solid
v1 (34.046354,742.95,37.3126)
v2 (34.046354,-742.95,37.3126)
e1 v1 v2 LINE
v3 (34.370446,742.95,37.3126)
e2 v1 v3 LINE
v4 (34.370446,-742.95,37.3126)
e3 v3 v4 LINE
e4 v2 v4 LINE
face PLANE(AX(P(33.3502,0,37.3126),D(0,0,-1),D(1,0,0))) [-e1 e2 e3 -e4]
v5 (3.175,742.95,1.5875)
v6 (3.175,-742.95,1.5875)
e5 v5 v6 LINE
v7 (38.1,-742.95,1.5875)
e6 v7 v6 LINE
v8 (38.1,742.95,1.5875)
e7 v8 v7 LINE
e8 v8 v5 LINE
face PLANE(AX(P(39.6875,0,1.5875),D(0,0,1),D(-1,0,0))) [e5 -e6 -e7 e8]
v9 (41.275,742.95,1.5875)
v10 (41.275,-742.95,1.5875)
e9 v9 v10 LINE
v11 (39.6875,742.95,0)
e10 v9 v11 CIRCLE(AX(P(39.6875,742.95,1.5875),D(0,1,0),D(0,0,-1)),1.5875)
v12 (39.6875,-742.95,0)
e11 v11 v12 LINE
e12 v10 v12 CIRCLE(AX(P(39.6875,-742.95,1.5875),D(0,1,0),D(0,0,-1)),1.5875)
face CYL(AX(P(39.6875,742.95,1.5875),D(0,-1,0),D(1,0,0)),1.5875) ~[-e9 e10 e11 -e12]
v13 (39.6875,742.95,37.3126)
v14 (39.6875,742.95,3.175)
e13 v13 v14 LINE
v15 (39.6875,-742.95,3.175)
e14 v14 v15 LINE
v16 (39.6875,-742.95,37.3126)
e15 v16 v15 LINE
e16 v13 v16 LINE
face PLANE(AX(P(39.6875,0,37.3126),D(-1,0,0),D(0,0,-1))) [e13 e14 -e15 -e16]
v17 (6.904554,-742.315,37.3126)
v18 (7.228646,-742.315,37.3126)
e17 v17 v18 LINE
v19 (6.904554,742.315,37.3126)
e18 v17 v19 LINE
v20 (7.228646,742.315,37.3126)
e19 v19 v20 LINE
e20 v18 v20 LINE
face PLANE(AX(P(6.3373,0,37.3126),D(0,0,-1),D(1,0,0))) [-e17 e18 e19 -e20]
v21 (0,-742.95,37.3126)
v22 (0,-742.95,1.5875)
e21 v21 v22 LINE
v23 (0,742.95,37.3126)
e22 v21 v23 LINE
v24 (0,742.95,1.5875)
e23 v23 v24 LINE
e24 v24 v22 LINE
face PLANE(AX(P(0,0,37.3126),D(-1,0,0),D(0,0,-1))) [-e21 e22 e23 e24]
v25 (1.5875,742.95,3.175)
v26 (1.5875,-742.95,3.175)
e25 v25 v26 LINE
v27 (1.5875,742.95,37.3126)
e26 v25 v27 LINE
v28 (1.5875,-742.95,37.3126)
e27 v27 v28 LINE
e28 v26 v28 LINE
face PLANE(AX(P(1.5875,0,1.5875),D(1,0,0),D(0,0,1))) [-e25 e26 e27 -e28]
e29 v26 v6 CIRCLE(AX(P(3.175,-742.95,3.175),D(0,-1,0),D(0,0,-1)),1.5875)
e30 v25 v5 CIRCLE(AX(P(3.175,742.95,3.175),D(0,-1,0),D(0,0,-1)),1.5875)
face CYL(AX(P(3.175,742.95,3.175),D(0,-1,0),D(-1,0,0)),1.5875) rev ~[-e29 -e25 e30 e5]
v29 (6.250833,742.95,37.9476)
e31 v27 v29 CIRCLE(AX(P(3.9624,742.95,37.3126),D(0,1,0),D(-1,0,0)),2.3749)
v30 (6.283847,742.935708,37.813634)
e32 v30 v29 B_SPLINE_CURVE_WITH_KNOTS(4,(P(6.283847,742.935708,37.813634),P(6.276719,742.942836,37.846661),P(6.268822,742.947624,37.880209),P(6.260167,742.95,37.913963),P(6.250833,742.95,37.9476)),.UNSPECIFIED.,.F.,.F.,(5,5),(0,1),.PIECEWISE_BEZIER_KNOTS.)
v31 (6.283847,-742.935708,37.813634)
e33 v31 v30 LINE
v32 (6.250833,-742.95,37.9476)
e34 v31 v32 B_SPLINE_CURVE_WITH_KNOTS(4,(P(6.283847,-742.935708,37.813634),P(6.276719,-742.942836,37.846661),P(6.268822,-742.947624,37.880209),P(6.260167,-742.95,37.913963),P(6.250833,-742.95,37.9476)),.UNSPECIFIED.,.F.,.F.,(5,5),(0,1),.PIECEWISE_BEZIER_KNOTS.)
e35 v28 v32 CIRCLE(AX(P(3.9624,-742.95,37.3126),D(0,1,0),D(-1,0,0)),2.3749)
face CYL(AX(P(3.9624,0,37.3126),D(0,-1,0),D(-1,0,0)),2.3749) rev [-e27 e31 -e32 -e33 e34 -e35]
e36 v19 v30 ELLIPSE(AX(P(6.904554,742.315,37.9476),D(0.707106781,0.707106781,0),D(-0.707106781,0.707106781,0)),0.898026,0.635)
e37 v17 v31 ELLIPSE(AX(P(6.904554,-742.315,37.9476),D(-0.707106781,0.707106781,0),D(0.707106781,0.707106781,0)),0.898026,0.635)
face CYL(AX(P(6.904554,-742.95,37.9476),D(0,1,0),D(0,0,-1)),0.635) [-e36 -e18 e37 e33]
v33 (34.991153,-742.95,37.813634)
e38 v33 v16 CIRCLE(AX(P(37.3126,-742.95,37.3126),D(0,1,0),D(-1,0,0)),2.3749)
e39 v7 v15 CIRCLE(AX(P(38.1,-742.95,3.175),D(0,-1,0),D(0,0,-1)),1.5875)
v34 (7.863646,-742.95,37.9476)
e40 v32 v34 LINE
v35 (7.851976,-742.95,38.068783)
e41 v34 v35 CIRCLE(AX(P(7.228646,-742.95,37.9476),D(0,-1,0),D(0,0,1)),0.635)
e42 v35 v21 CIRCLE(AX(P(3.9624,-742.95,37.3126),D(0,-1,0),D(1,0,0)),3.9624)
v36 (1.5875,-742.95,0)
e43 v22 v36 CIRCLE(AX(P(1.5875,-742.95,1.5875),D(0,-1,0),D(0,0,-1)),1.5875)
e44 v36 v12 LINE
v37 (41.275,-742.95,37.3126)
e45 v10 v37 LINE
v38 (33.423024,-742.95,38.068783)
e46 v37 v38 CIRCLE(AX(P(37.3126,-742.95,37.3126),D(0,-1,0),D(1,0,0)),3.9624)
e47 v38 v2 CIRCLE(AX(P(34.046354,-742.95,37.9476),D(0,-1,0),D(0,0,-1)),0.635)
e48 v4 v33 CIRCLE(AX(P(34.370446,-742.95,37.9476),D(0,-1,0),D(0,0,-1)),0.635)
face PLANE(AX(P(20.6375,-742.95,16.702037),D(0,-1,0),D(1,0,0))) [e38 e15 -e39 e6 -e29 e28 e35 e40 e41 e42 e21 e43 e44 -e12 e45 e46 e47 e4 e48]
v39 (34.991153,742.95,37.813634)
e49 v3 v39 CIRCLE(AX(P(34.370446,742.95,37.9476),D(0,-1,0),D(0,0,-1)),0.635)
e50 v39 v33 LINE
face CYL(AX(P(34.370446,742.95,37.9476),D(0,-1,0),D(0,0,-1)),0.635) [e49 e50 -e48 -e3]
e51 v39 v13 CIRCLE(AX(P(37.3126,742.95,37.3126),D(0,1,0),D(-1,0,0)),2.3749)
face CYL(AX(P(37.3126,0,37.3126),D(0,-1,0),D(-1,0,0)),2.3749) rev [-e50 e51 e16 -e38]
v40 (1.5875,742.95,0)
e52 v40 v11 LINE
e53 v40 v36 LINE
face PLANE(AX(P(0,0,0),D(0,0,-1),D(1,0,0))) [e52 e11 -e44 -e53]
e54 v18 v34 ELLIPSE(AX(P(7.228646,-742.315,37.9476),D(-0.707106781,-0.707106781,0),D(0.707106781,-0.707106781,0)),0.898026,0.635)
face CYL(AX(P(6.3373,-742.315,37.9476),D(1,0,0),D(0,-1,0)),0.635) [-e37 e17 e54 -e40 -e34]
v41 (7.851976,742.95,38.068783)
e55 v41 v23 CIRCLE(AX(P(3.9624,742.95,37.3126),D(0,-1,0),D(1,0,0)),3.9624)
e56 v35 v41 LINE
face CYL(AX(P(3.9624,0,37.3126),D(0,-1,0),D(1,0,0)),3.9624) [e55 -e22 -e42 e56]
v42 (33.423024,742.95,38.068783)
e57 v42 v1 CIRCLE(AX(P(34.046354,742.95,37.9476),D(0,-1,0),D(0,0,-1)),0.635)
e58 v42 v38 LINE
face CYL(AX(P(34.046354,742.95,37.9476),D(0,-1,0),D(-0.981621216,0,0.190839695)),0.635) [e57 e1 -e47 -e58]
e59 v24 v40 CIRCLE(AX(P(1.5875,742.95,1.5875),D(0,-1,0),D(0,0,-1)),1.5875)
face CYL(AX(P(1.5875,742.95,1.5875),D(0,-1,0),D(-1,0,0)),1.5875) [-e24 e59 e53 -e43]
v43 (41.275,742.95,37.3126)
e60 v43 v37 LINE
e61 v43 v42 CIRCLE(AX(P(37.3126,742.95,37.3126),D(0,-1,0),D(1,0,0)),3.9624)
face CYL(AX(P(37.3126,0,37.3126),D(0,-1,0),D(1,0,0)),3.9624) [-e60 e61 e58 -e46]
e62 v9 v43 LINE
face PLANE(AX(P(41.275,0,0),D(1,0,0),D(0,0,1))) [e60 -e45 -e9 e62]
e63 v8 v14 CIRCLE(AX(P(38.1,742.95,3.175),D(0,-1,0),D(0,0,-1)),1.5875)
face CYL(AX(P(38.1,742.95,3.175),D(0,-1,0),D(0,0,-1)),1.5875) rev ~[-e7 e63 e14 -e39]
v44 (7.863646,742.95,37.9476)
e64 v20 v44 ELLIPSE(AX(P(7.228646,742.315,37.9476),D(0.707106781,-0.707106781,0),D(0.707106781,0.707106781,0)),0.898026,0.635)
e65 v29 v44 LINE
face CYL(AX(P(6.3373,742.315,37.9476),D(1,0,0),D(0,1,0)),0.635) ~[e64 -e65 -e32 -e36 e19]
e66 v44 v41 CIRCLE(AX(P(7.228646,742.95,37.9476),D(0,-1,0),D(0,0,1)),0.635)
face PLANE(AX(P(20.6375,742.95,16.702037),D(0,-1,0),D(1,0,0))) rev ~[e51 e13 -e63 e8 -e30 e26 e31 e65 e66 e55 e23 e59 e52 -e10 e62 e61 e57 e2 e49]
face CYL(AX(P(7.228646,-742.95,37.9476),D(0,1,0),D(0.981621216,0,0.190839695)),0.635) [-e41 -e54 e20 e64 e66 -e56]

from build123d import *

# Parameters (mm, degrees)
F1_DEPTH = 742.95
F2_R     = 1.5875
F3_R     = 0.635


with BuildPart() as f1:
    # F0 (on Front) → F1 (new body, symmetric)
    with BuildSketch(Plane.XZ):
        with BuildLine():
            Line((0, 37.3126), (0, 0))
            Line((0, 0), (41.275, 0))
            Line((41.275, 0), (41.275, 37.3126))
            ThreePointArc((41.275, 37.3126), (37.3126, 41.275), (33.3502, 37.3126))
            Line((33.3502, 37.3126), (34.9377, 37.3126))
            ThreePointArc((34.9377, 37.3126), (37.3126, 39.6875), (39.6875, 37.3126))
            Line((39.6875, 37.3126), (39.6875, 1.5875))
            Line((39.6875, 1.5875), (1.5875, 1.5875))
            Line((1.5875, 1.5875), (1.5875, 37.3126))
            ThreePointArc((1.5875, 37.3126), (3.9624, 39.6875), (6.3373, 37.3126))
            Line((6.3373, 37.3126), (7.9248, 37.3126))
            ThreePointArc((7.9248, 37.3126), (3.9624, 41.275), (0, 37.3126))
        make_face()
    extrude(amount=F1_DEPTH, both=True)

    # F2
    f2_edges = [f1.edges().sort_by_distance(p)[0] for p in [
        (1.5875, 0, 1.5875),
        (39.6875, 0, 1.5875),
        (0, 0, 0),
        (41.275, 0, 0),
    ]]
    fillet(f2_edges, radius=F2_R)

    # F3
    f3_edges = [f1.edges().sort_by_distance(p)[0] for p in [
        (7.13105, 742.95, 37.3126),
        (7.9248, 0, 37.3126),
        (7.13105, -742.95, 37.3126),
        (6.3373, 0, 37.3126),
        (33.3502, 0, 37.3126),
        (34.9377, 0, 37.3126),
    ]]
    fillet(f3_edges, radius=F3_R)


solid = f1.part
